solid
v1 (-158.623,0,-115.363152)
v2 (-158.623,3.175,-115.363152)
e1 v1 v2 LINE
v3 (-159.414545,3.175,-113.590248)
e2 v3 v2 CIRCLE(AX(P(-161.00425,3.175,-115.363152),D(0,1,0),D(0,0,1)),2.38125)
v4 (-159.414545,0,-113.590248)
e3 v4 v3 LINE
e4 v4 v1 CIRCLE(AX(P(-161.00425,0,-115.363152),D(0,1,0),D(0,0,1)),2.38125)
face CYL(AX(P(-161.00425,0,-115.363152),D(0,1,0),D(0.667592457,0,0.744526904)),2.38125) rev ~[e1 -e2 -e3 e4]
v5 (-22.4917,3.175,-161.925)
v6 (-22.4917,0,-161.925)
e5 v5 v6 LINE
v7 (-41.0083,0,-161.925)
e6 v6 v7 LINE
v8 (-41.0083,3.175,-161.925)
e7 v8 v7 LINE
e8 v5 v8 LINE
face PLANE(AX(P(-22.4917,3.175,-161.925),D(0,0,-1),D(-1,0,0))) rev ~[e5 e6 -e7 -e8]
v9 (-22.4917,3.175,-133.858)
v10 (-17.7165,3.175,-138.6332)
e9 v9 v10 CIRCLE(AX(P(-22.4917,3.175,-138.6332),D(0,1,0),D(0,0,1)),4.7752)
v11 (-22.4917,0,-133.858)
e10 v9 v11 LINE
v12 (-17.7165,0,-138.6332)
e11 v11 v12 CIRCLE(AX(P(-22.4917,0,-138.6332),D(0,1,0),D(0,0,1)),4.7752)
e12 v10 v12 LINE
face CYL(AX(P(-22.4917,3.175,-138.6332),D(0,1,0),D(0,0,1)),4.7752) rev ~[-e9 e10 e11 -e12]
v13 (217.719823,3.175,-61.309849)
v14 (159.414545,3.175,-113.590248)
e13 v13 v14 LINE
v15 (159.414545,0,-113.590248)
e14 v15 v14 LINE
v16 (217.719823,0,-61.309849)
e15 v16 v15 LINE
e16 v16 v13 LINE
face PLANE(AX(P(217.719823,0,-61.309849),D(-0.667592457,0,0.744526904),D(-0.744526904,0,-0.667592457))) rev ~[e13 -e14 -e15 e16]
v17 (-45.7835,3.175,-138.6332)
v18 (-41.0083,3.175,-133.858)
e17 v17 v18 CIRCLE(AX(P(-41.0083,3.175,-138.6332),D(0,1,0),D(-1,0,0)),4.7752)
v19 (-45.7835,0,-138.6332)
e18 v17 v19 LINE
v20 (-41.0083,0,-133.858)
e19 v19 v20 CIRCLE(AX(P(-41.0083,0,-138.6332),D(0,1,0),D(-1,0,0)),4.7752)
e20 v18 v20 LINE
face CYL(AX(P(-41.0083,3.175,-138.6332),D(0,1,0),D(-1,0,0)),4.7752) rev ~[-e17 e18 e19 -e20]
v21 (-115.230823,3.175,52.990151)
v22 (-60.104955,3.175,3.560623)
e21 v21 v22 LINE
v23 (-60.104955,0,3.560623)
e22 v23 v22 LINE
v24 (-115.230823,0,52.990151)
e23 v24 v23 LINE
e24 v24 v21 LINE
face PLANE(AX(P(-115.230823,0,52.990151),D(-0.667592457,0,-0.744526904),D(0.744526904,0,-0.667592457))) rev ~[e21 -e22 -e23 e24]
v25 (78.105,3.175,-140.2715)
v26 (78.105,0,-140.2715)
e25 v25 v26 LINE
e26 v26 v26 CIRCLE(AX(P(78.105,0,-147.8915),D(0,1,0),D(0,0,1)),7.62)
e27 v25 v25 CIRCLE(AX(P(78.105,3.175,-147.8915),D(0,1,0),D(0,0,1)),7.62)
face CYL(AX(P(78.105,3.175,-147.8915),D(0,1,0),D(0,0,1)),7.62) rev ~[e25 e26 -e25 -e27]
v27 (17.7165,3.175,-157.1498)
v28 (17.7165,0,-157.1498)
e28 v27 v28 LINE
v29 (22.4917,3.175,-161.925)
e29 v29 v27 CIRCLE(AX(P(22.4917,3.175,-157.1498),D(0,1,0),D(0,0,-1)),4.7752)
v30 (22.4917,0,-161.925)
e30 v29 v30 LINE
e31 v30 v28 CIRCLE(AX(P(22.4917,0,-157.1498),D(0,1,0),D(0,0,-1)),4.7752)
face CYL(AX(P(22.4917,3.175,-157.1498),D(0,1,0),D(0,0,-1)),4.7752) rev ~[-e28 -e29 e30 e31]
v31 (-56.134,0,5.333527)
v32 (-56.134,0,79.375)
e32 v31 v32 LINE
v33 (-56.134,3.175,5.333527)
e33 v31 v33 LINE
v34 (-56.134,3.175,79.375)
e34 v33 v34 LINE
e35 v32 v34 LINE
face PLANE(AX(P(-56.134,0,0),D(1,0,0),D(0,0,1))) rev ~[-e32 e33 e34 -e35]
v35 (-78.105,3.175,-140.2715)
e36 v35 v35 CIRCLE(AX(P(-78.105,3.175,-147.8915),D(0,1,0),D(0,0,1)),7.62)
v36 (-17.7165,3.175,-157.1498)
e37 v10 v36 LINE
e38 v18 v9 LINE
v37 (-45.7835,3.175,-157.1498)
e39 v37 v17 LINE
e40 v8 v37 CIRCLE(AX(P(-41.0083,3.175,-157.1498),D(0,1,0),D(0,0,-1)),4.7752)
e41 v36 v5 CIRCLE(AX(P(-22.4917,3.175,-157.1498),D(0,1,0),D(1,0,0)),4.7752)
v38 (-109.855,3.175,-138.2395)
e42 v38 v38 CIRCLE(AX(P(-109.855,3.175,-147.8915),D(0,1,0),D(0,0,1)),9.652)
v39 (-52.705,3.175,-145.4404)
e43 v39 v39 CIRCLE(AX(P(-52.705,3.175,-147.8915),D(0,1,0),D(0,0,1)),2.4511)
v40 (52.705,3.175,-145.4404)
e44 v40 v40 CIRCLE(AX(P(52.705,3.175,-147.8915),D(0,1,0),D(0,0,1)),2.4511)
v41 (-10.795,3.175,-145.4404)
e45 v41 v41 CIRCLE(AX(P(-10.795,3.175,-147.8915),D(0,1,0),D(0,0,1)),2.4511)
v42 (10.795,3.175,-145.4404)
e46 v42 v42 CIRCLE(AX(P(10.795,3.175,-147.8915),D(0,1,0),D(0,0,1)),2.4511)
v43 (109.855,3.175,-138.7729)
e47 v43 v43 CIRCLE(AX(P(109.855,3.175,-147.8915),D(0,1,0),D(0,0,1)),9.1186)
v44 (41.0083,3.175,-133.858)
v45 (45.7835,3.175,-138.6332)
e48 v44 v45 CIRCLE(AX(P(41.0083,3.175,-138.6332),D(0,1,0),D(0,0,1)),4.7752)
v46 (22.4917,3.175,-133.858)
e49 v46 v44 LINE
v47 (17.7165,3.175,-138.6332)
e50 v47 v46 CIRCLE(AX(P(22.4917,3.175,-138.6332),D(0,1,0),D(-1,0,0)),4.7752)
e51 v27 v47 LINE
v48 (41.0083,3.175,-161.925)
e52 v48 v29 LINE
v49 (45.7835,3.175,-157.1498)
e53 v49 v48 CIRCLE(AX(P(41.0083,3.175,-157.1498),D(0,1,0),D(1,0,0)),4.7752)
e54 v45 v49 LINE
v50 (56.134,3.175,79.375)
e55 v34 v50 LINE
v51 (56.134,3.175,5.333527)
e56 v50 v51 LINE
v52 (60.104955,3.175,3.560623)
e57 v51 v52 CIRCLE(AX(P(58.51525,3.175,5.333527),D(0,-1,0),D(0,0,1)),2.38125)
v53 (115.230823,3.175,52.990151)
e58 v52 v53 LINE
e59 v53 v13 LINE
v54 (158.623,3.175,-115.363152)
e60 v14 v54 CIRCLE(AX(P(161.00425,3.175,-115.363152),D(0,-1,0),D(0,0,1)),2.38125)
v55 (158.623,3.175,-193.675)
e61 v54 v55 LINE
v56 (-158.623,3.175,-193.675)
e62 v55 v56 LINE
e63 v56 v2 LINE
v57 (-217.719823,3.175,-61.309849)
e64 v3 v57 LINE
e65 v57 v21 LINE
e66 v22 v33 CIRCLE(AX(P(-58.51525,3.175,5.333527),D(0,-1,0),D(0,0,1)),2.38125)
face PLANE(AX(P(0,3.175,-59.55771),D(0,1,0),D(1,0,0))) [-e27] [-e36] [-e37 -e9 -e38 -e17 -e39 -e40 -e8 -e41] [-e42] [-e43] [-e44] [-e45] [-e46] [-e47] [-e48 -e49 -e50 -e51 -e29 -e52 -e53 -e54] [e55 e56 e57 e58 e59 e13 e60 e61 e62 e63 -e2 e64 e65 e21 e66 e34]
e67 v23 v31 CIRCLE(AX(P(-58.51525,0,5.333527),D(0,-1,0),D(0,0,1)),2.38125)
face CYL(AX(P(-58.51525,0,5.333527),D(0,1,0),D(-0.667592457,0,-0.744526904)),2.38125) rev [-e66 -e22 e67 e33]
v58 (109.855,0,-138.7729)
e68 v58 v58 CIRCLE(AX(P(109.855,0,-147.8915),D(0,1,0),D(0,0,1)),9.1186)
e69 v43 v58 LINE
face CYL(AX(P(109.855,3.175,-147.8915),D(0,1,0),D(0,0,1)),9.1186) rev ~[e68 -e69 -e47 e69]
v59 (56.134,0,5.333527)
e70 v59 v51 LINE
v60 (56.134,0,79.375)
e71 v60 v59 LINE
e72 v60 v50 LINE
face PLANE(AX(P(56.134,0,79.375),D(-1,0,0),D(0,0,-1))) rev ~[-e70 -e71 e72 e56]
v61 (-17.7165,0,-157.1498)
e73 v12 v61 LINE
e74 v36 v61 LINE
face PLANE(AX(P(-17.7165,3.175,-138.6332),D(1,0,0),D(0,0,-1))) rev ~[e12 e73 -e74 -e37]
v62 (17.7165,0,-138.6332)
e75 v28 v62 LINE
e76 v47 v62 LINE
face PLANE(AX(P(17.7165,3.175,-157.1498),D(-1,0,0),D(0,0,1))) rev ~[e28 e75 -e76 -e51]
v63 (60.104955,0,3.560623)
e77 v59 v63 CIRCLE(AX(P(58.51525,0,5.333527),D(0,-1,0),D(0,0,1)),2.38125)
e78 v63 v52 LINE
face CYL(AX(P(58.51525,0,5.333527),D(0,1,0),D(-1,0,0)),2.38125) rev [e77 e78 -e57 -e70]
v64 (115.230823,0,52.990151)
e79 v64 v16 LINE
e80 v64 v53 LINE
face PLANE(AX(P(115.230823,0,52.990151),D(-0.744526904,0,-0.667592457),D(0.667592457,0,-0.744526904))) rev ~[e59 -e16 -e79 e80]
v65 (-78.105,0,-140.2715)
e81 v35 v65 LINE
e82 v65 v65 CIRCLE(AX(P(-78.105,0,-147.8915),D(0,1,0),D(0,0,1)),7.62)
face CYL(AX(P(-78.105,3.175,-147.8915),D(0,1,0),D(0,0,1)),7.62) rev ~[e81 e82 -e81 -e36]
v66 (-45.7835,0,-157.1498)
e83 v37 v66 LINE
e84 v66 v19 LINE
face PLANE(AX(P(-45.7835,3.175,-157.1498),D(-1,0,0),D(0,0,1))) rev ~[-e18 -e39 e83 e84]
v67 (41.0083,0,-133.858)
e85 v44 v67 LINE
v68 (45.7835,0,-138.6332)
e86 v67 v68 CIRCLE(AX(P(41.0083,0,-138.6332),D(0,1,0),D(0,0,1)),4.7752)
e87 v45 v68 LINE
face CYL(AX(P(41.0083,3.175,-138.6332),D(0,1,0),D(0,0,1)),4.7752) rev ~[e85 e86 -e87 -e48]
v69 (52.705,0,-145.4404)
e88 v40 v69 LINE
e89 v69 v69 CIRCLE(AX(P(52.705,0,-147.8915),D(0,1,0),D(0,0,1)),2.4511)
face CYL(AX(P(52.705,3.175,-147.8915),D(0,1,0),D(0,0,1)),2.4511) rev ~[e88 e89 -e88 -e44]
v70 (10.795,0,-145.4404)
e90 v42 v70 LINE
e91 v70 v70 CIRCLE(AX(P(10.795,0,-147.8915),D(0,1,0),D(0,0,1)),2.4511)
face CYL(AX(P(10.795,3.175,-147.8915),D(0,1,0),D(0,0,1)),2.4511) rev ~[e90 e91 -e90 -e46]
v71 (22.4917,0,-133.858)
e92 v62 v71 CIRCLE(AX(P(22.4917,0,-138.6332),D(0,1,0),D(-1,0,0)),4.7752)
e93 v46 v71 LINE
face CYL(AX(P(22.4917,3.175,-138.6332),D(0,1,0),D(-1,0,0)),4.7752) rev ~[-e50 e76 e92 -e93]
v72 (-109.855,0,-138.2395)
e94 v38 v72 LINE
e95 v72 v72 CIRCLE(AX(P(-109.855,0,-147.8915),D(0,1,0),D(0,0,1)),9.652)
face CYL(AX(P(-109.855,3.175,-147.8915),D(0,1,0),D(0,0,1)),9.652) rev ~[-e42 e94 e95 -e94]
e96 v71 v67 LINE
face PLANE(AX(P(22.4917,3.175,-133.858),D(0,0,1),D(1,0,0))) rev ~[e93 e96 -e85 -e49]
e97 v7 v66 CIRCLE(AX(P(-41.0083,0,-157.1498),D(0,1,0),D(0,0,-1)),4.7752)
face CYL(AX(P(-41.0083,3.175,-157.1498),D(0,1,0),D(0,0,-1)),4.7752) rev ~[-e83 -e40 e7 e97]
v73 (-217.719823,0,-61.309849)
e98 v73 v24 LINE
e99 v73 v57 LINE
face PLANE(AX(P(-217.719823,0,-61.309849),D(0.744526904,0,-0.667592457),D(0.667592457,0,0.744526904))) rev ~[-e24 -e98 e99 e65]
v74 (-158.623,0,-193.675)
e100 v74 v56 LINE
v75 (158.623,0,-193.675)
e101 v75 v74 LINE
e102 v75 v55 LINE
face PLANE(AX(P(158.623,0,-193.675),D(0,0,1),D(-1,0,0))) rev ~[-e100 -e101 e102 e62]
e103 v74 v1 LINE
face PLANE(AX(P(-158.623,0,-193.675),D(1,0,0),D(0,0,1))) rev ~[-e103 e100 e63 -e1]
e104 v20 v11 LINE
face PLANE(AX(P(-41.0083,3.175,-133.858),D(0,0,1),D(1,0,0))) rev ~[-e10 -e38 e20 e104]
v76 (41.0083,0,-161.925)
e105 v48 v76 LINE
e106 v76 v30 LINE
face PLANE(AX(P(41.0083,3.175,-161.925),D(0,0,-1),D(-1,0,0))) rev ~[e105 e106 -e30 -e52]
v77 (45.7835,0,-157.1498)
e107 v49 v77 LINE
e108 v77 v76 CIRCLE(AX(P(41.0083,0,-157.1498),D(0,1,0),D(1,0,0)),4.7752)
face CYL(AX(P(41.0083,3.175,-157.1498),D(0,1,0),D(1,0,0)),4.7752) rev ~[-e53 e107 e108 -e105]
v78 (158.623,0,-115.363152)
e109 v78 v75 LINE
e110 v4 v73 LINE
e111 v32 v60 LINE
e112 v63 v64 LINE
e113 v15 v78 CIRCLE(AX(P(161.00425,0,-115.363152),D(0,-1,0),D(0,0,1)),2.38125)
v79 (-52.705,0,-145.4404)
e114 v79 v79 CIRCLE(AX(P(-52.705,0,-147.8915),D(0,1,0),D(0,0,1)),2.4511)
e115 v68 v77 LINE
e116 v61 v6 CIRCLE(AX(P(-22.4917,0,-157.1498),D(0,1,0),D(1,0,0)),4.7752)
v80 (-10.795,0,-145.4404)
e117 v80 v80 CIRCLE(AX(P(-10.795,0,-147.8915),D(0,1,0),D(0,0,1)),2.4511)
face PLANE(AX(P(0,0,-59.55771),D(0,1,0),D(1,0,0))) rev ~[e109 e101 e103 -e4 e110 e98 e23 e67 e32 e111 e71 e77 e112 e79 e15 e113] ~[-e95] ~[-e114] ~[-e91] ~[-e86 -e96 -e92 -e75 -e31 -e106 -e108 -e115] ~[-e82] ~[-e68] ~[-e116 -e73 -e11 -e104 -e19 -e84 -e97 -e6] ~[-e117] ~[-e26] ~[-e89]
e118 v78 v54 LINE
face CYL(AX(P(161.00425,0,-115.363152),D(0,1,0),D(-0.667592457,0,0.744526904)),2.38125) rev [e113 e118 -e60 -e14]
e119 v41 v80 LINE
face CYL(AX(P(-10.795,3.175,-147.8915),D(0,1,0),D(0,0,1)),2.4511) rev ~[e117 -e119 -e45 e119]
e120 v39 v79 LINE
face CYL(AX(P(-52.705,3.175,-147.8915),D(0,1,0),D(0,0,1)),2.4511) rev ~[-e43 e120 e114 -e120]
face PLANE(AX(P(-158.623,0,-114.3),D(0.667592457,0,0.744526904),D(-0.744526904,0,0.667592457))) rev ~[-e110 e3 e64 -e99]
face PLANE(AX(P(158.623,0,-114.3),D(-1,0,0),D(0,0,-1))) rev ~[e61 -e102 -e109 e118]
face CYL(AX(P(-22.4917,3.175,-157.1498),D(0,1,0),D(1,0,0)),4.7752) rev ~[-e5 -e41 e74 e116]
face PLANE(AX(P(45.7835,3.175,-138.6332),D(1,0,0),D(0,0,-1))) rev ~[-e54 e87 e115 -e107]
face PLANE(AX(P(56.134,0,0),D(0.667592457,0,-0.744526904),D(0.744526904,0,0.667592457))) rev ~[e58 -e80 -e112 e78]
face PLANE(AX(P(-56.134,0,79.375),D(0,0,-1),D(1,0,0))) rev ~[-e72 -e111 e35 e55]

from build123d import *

# Parameters (mm, degrees)
BOSS_EXTRUDE1_DEPTH = 3.175
FILLET1_R           = 2.38125
SKETCH2_R           = 2.4511
SKETCH2_R_2         = 9.652
SKETCH2_R_3         = 7.62
SKETCH2_R_4         = 9.1186
CUT_EXTRUDE1_DEPTH  = 292.413808153


with BuildPart() as part:
    # Sketch1 → Boss-Extrude1 (new body)
    with BuildSketch(Plane(origin=(0, 0, 0), x_dir=(1, 0, 0), z_dir=(0, 1, 0))):
        Polygon((-158.623, 114.3), (-217.719823012, 61.309848699), (-115.230823012, -52.990151301), (-56.134, 0), (-56.134, -79.375), (56.134, -79.375), (56.134, 0), (115.230823012, -52.990151301), (217.719823012, 61.309848699), (158.623, 114.3), (158.623, 193.675), (-158.623, 193.675), align=None)
    extrude(amount=BOSS_EXTRUDE1_DEPTH)

    # Fillet1
    fillet1_edges = [part.edges().sort_by_distance(p)[0] for p in [
        (-56.134, 1.5875, 0),
        (-158.623, 1.5875, -114.3),
        (158.623, 1.5875, -114.3),
        (56.134, 1.5875, 0),
    ]]
    fillet(fillet1_edges, radius=FILLET1_R)

    # Sketch2 → Cut-Extrude1 (cut, through all)
    with BuildSketch(Plane(origin=(0, 3.175, 0), x_dir=(1, 0, 0), z_dir=(0, 1, 0))):
        with Locations(Location((52.705, 147.8915, 0), (0, 0, 270))):
            Circle(SKETCH2_R)
        with Locations(Location((10.795, 147.8915, 0), (0, 0, 270))):
            Circle(SKETCH2_R)
        with Locations(Location((-10.795, 147.8915, 0), (0, 0, 270))):
            Circle(SKETCH2_R)
        with Locations(Location((-52.705, 147.8915, 0), (0, 0, 270))):
            Circle(SKETCH2_R)
        with Locations(Location((-109.855, 147.8915, 0), (0, 0, 270))):
            Circle(SKETCH2_R_2)
        with Locations(Location((-78.105, 147.8915, 0), (0, 0, 270))):
            Circle(SKETCH2_R_3)
        with Locations(Location((78.105, 147.8915, 0), (0, 0, 270))):
            Circle(SKETCH2_R_3)
        with Locations(Location((109.855, 147.8915, 0), (0, 0, 270))):
            Circle(SKETCH2_R_4)
        with BuildLine():
            Line((17.7165, 157.1498), (17.7165, 138.6332))
            ThreePointArc((17.7165, 138.6332), (19.115123698, 135.256623698), (22.4917, 133.858))
            Line((22.4917, 133.858), (41.0083, 133.858))
            ThreePointArc((41.0083, 133.858), (44.384876302, 135.256623698), (45.7835, 138.6332))
            Line((45.7835, 138.6332), (45.7835, 157.1498))
            ThreePointArc((45.7835, 157.1498), (44.384876302, 160.526376302), (41.0083, 161.925))
            Line((41.0083, 161.925), (22.4917, 161.925))
            ThreePointArc((22.4917, 161.925), (19.115123698, 160.526376302), (17.7165, 157.1498))
        make_face()
        with BuildLine():
            Line((-45.7835, 157.1498), (-45.7835, 138.6332))
            ThreePointArc((-45.7835, 138.6332), (-44.384876302, 135.256623698), (-41.0083, 133.858))
            Line((-41.0083, 133.858), (-22.4917, 133.858))
            ThreePointArc((-22.4917, 133.858), (-19.115123698, 135.256623698), (-17.7165, 138.6332))
            Line((-17.7165, 138.6332), (-17.7165, 157.1498))
            ThreePointArc((-17.7165, 157.1498), (-19.115123698, 160.526376302), (-22.4917, 161.925))
            Line((-22.4917, 161.925), (-41.0083, 161.925))
            ThreePointArc((-41.0083, 161.925), (-44.384876302, 160.526376302), (-45.7835, 157.1498))
        make_face()
    extrude(amount=-CUT_EXTRUDE1_DEPTH, mode=Mode.SUBTRACT)


solid = part.part
